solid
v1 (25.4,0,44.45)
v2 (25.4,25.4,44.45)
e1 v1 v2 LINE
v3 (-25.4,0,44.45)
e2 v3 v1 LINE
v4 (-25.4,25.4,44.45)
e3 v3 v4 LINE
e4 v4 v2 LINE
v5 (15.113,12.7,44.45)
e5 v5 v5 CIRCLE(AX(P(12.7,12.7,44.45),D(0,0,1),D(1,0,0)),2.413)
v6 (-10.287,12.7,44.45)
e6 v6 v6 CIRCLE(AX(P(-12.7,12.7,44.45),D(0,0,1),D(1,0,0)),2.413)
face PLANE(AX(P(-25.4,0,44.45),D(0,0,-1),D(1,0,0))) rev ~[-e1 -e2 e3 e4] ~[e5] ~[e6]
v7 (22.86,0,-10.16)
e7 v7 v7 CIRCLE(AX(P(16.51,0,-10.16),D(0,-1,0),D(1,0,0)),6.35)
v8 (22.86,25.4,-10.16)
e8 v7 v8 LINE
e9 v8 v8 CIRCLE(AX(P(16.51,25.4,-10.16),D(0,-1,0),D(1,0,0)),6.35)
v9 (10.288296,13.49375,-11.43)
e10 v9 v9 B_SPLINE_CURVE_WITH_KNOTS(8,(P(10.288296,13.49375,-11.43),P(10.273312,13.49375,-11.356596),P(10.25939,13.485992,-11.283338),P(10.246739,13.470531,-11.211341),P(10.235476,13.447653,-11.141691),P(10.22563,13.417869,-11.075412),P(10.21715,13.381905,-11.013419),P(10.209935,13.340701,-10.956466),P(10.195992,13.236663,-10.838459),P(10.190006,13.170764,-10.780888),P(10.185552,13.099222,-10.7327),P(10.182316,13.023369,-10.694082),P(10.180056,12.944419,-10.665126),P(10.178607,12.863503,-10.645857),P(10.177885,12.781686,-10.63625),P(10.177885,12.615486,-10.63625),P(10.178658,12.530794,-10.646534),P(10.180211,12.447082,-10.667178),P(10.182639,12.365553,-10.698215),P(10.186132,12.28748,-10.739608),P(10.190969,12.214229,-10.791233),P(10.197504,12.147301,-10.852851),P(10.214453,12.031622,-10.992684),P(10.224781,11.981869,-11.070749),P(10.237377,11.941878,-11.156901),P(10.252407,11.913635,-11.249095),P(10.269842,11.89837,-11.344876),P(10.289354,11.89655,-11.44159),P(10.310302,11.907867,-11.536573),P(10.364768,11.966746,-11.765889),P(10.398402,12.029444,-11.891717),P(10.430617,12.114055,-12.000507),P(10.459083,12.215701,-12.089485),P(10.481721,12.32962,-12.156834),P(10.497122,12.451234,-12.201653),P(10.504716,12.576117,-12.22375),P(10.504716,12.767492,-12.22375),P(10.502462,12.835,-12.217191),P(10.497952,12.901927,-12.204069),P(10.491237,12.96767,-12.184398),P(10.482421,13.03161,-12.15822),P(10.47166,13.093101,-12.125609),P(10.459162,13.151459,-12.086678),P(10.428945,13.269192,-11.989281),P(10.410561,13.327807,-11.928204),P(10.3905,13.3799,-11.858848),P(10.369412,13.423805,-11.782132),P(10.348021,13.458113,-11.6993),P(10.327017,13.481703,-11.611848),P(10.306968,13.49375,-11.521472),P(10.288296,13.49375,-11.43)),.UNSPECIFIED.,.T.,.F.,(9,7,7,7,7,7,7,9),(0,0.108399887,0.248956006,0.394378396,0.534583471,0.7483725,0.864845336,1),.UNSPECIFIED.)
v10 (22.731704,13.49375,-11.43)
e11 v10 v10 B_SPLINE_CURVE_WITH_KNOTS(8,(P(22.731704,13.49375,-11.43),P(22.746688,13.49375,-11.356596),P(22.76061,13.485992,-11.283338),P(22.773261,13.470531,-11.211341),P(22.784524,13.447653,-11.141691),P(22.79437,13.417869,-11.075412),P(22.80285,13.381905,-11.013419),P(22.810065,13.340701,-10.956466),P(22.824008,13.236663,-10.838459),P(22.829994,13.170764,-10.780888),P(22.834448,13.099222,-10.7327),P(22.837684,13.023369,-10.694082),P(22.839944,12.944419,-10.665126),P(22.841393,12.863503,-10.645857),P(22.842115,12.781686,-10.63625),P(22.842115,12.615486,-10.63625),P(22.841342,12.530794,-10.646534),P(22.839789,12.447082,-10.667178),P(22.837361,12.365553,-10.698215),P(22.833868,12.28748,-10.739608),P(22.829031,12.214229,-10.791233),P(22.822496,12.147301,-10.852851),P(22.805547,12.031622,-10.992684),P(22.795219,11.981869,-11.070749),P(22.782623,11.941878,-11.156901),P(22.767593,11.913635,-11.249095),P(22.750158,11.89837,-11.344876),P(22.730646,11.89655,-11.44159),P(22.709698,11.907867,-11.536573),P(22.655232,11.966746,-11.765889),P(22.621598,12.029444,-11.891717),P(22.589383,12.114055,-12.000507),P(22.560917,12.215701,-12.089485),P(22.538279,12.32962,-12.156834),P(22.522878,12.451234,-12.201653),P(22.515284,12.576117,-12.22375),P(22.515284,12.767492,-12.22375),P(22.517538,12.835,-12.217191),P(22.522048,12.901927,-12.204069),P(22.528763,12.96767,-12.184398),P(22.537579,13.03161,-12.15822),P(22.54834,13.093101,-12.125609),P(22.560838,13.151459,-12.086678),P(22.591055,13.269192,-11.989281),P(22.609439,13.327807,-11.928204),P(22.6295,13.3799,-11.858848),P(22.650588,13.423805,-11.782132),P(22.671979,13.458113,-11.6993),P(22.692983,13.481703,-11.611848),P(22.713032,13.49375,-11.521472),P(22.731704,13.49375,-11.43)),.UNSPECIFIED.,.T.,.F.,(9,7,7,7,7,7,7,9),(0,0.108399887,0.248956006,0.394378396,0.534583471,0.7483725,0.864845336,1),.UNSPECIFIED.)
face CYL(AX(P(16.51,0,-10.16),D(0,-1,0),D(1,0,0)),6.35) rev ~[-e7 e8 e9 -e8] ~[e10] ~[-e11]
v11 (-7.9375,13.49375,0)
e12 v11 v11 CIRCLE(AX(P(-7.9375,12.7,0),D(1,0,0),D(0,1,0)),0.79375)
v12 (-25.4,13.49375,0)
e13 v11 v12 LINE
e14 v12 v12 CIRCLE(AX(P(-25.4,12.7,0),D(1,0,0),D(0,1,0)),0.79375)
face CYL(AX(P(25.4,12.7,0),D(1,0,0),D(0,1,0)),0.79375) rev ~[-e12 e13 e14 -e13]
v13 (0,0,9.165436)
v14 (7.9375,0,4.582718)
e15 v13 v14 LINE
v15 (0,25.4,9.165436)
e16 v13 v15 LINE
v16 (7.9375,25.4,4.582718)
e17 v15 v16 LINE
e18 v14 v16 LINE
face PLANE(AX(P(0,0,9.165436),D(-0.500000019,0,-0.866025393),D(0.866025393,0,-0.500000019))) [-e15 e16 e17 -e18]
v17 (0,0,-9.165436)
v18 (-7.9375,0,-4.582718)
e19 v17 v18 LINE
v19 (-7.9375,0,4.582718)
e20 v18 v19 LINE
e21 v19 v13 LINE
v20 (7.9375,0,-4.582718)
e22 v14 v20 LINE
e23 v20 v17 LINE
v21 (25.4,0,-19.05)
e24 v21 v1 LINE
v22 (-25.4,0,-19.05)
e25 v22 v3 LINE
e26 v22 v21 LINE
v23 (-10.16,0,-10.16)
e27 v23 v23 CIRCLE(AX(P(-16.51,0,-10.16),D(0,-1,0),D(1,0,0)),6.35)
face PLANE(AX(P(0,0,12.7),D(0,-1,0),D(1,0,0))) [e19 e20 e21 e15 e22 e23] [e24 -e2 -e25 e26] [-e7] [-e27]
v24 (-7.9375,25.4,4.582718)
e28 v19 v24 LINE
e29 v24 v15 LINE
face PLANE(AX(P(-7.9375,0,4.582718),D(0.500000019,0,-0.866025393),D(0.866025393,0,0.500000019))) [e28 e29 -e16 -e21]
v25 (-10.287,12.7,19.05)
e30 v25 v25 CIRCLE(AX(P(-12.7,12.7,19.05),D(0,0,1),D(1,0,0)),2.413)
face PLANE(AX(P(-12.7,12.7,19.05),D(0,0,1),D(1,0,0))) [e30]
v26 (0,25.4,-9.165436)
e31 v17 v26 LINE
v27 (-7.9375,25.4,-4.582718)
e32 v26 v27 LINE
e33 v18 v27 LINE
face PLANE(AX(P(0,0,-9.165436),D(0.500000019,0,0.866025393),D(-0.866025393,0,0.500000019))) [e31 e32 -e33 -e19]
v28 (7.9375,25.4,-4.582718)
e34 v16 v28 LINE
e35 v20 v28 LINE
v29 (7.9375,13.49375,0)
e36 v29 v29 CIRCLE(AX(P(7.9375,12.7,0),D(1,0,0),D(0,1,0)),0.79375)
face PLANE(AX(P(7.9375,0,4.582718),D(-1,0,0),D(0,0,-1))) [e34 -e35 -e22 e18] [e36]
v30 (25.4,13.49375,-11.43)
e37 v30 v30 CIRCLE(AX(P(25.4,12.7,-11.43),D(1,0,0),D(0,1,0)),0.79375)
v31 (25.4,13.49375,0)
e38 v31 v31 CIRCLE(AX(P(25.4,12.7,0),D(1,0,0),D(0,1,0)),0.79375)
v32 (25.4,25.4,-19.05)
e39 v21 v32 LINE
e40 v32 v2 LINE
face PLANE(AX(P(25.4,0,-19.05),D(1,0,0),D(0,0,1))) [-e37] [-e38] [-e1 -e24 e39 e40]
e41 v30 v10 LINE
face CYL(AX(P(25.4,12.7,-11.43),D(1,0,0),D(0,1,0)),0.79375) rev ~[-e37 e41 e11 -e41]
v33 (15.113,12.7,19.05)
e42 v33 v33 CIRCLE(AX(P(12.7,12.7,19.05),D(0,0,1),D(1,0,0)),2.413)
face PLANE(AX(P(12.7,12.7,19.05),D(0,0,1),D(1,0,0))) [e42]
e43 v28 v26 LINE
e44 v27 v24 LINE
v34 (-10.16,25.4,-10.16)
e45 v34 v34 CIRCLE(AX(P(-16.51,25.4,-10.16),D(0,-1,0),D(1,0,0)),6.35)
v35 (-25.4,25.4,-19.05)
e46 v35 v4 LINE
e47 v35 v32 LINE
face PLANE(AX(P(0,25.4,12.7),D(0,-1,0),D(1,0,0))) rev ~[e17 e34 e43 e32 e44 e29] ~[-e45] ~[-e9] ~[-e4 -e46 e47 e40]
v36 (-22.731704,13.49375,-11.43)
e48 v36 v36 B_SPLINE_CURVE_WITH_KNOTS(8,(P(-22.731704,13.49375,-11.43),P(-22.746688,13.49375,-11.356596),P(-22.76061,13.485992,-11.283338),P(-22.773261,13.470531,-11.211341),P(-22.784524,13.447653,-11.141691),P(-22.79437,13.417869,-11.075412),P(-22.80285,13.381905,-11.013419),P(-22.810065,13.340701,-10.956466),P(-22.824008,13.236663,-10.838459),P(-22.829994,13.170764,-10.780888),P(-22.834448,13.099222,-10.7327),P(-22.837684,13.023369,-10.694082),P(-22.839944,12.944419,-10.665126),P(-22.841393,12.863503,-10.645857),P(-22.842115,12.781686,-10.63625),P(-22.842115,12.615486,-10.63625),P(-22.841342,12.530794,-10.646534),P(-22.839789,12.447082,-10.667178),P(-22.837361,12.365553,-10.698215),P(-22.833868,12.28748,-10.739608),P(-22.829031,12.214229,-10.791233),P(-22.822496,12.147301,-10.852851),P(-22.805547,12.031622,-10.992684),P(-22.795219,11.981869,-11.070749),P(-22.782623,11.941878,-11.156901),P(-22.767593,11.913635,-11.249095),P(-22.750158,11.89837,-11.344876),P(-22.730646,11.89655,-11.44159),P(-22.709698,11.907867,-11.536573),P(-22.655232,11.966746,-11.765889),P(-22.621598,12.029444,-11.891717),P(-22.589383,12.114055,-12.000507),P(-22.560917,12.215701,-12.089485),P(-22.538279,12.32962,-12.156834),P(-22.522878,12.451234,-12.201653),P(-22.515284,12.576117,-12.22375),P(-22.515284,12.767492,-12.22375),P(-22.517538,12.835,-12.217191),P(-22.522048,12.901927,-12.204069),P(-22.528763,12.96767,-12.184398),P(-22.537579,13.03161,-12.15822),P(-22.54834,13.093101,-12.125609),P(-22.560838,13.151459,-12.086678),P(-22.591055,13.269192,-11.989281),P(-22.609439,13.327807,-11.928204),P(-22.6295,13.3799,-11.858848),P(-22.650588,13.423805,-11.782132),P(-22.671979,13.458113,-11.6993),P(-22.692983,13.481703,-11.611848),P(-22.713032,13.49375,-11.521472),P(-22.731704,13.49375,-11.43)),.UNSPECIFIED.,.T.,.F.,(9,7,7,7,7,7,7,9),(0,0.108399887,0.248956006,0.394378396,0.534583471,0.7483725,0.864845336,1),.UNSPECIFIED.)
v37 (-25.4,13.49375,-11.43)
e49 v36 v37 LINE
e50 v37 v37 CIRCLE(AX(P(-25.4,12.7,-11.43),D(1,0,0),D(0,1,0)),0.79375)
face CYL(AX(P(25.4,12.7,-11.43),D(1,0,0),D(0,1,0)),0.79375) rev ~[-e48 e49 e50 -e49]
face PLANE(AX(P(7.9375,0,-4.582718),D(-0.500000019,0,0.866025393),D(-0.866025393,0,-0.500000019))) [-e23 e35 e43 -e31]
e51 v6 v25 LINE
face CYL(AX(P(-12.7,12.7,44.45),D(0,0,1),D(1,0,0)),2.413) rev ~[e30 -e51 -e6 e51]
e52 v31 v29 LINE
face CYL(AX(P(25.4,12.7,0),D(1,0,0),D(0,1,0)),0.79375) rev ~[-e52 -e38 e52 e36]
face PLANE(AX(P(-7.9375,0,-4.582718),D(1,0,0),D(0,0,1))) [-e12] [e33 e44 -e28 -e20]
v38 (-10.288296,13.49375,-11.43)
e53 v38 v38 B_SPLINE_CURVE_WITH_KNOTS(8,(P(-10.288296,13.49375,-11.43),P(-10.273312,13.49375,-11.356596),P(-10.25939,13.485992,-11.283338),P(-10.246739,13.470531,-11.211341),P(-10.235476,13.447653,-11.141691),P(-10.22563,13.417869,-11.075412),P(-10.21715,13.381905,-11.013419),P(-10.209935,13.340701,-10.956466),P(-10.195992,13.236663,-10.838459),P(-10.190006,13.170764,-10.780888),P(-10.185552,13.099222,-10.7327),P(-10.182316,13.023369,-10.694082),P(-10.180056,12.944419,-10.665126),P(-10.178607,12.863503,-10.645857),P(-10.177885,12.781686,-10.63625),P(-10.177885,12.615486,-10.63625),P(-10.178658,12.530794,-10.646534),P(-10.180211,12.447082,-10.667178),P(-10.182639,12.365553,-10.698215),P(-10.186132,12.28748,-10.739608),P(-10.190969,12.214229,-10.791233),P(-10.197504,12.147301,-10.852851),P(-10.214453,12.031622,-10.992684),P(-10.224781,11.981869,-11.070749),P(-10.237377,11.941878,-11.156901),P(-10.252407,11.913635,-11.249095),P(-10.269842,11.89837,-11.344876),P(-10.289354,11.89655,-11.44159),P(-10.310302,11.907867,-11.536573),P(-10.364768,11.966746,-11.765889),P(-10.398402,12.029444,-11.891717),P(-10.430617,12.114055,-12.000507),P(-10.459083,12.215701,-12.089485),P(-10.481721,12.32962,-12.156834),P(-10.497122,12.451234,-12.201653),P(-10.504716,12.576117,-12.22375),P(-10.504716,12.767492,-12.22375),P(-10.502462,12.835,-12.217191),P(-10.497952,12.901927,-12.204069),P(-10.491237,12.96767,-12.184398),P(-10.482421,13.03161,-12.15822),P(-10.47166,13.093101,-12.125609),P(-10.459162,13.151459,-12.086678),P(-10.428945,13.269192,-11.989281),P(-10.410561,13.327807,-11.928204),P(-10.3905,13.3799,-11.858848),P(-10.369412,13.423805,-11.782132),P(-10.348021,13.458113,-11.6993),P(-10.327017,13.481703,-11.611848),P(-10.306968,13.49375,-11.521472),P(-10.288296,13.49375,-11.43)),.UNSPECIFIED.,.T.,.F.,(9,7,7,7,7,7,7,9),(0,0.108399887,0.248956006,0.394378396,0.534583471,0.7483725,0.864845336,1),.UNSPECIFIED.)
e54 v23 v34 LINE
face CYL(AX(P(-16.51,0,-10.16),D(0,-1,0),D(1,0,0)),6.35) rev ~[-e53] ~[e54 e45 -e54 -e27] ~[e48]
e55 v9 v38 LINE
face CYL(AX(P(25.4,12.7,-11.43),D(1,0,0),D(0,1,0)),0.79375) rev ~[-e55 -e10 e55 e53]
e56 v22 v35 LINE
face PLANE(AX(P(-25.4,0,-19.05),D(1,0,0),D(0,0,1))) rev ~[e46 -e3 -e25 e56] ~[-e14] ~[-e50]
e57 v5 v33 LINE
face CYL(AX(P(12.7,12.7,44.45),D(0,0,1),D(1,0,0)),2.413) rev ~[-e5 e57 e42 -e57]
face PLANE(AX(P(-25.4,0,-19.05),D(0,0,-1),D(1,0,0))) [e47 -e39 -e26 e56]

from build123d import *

# Parameters (mm, degrees)
F0_W     = 50.8
F0_H     = 63.5
F0_R     = 6.35
F1_DEPTH = 25.4
F2_R     = 0.79375
F3_DEPTH = 50.801
F4_R     = 2.413
F5_DEPTH = 25.4


with BuildPart() as f1:
    # F0 (on Front) → F1 (new body)
    with BuildSketch(Plane.XZ):
        with Locations((0, 12.7)):
            Rectangle(F0_W, F0_H)
        with Locations((-16.51, -10.16)):
            Circle(F0_R, mode=Mode.SUBTRACT)
        Polygon((0, -9.165436), (-7.9375, -4.582718), (-7.9375, 4.582718), (0, 9.165436), (7.9375, 4.582718), (7.9375, -4.582718), align=None, mode=Mode.SUBTRACT)
        with Locations((16.51, -10.16)):
            Circle(F0_R, mode=Mode.SUBTRACT)
    extrude(amount=-F1_DEPTH)

    # F2 (on face) → F3 (cut, through all)
    with BuildSketch(Plane.YZ.offset(25.4)):
        with Locations((12.7, -11.43)):
            Circle(F2_R)
        with Locations((12.7, 0)):
            Circle(F2_R)
    extrude(amount=-F3_DEPTH, mode=Mode.SUBTRACT)

    # F4 (on face) → F5 (cut)
    with BuildSketch(Plane.XY.offset(44.45)):
        with Locations((12.7, 12.7)):
            Circle(F4_R)
        with Locations((-12.7, 12.7)):
            Circle(F4_R)
    extrude(amount=-F5_DEPTH, mode=Mode.SUBTRACT)


solid = f1.part
